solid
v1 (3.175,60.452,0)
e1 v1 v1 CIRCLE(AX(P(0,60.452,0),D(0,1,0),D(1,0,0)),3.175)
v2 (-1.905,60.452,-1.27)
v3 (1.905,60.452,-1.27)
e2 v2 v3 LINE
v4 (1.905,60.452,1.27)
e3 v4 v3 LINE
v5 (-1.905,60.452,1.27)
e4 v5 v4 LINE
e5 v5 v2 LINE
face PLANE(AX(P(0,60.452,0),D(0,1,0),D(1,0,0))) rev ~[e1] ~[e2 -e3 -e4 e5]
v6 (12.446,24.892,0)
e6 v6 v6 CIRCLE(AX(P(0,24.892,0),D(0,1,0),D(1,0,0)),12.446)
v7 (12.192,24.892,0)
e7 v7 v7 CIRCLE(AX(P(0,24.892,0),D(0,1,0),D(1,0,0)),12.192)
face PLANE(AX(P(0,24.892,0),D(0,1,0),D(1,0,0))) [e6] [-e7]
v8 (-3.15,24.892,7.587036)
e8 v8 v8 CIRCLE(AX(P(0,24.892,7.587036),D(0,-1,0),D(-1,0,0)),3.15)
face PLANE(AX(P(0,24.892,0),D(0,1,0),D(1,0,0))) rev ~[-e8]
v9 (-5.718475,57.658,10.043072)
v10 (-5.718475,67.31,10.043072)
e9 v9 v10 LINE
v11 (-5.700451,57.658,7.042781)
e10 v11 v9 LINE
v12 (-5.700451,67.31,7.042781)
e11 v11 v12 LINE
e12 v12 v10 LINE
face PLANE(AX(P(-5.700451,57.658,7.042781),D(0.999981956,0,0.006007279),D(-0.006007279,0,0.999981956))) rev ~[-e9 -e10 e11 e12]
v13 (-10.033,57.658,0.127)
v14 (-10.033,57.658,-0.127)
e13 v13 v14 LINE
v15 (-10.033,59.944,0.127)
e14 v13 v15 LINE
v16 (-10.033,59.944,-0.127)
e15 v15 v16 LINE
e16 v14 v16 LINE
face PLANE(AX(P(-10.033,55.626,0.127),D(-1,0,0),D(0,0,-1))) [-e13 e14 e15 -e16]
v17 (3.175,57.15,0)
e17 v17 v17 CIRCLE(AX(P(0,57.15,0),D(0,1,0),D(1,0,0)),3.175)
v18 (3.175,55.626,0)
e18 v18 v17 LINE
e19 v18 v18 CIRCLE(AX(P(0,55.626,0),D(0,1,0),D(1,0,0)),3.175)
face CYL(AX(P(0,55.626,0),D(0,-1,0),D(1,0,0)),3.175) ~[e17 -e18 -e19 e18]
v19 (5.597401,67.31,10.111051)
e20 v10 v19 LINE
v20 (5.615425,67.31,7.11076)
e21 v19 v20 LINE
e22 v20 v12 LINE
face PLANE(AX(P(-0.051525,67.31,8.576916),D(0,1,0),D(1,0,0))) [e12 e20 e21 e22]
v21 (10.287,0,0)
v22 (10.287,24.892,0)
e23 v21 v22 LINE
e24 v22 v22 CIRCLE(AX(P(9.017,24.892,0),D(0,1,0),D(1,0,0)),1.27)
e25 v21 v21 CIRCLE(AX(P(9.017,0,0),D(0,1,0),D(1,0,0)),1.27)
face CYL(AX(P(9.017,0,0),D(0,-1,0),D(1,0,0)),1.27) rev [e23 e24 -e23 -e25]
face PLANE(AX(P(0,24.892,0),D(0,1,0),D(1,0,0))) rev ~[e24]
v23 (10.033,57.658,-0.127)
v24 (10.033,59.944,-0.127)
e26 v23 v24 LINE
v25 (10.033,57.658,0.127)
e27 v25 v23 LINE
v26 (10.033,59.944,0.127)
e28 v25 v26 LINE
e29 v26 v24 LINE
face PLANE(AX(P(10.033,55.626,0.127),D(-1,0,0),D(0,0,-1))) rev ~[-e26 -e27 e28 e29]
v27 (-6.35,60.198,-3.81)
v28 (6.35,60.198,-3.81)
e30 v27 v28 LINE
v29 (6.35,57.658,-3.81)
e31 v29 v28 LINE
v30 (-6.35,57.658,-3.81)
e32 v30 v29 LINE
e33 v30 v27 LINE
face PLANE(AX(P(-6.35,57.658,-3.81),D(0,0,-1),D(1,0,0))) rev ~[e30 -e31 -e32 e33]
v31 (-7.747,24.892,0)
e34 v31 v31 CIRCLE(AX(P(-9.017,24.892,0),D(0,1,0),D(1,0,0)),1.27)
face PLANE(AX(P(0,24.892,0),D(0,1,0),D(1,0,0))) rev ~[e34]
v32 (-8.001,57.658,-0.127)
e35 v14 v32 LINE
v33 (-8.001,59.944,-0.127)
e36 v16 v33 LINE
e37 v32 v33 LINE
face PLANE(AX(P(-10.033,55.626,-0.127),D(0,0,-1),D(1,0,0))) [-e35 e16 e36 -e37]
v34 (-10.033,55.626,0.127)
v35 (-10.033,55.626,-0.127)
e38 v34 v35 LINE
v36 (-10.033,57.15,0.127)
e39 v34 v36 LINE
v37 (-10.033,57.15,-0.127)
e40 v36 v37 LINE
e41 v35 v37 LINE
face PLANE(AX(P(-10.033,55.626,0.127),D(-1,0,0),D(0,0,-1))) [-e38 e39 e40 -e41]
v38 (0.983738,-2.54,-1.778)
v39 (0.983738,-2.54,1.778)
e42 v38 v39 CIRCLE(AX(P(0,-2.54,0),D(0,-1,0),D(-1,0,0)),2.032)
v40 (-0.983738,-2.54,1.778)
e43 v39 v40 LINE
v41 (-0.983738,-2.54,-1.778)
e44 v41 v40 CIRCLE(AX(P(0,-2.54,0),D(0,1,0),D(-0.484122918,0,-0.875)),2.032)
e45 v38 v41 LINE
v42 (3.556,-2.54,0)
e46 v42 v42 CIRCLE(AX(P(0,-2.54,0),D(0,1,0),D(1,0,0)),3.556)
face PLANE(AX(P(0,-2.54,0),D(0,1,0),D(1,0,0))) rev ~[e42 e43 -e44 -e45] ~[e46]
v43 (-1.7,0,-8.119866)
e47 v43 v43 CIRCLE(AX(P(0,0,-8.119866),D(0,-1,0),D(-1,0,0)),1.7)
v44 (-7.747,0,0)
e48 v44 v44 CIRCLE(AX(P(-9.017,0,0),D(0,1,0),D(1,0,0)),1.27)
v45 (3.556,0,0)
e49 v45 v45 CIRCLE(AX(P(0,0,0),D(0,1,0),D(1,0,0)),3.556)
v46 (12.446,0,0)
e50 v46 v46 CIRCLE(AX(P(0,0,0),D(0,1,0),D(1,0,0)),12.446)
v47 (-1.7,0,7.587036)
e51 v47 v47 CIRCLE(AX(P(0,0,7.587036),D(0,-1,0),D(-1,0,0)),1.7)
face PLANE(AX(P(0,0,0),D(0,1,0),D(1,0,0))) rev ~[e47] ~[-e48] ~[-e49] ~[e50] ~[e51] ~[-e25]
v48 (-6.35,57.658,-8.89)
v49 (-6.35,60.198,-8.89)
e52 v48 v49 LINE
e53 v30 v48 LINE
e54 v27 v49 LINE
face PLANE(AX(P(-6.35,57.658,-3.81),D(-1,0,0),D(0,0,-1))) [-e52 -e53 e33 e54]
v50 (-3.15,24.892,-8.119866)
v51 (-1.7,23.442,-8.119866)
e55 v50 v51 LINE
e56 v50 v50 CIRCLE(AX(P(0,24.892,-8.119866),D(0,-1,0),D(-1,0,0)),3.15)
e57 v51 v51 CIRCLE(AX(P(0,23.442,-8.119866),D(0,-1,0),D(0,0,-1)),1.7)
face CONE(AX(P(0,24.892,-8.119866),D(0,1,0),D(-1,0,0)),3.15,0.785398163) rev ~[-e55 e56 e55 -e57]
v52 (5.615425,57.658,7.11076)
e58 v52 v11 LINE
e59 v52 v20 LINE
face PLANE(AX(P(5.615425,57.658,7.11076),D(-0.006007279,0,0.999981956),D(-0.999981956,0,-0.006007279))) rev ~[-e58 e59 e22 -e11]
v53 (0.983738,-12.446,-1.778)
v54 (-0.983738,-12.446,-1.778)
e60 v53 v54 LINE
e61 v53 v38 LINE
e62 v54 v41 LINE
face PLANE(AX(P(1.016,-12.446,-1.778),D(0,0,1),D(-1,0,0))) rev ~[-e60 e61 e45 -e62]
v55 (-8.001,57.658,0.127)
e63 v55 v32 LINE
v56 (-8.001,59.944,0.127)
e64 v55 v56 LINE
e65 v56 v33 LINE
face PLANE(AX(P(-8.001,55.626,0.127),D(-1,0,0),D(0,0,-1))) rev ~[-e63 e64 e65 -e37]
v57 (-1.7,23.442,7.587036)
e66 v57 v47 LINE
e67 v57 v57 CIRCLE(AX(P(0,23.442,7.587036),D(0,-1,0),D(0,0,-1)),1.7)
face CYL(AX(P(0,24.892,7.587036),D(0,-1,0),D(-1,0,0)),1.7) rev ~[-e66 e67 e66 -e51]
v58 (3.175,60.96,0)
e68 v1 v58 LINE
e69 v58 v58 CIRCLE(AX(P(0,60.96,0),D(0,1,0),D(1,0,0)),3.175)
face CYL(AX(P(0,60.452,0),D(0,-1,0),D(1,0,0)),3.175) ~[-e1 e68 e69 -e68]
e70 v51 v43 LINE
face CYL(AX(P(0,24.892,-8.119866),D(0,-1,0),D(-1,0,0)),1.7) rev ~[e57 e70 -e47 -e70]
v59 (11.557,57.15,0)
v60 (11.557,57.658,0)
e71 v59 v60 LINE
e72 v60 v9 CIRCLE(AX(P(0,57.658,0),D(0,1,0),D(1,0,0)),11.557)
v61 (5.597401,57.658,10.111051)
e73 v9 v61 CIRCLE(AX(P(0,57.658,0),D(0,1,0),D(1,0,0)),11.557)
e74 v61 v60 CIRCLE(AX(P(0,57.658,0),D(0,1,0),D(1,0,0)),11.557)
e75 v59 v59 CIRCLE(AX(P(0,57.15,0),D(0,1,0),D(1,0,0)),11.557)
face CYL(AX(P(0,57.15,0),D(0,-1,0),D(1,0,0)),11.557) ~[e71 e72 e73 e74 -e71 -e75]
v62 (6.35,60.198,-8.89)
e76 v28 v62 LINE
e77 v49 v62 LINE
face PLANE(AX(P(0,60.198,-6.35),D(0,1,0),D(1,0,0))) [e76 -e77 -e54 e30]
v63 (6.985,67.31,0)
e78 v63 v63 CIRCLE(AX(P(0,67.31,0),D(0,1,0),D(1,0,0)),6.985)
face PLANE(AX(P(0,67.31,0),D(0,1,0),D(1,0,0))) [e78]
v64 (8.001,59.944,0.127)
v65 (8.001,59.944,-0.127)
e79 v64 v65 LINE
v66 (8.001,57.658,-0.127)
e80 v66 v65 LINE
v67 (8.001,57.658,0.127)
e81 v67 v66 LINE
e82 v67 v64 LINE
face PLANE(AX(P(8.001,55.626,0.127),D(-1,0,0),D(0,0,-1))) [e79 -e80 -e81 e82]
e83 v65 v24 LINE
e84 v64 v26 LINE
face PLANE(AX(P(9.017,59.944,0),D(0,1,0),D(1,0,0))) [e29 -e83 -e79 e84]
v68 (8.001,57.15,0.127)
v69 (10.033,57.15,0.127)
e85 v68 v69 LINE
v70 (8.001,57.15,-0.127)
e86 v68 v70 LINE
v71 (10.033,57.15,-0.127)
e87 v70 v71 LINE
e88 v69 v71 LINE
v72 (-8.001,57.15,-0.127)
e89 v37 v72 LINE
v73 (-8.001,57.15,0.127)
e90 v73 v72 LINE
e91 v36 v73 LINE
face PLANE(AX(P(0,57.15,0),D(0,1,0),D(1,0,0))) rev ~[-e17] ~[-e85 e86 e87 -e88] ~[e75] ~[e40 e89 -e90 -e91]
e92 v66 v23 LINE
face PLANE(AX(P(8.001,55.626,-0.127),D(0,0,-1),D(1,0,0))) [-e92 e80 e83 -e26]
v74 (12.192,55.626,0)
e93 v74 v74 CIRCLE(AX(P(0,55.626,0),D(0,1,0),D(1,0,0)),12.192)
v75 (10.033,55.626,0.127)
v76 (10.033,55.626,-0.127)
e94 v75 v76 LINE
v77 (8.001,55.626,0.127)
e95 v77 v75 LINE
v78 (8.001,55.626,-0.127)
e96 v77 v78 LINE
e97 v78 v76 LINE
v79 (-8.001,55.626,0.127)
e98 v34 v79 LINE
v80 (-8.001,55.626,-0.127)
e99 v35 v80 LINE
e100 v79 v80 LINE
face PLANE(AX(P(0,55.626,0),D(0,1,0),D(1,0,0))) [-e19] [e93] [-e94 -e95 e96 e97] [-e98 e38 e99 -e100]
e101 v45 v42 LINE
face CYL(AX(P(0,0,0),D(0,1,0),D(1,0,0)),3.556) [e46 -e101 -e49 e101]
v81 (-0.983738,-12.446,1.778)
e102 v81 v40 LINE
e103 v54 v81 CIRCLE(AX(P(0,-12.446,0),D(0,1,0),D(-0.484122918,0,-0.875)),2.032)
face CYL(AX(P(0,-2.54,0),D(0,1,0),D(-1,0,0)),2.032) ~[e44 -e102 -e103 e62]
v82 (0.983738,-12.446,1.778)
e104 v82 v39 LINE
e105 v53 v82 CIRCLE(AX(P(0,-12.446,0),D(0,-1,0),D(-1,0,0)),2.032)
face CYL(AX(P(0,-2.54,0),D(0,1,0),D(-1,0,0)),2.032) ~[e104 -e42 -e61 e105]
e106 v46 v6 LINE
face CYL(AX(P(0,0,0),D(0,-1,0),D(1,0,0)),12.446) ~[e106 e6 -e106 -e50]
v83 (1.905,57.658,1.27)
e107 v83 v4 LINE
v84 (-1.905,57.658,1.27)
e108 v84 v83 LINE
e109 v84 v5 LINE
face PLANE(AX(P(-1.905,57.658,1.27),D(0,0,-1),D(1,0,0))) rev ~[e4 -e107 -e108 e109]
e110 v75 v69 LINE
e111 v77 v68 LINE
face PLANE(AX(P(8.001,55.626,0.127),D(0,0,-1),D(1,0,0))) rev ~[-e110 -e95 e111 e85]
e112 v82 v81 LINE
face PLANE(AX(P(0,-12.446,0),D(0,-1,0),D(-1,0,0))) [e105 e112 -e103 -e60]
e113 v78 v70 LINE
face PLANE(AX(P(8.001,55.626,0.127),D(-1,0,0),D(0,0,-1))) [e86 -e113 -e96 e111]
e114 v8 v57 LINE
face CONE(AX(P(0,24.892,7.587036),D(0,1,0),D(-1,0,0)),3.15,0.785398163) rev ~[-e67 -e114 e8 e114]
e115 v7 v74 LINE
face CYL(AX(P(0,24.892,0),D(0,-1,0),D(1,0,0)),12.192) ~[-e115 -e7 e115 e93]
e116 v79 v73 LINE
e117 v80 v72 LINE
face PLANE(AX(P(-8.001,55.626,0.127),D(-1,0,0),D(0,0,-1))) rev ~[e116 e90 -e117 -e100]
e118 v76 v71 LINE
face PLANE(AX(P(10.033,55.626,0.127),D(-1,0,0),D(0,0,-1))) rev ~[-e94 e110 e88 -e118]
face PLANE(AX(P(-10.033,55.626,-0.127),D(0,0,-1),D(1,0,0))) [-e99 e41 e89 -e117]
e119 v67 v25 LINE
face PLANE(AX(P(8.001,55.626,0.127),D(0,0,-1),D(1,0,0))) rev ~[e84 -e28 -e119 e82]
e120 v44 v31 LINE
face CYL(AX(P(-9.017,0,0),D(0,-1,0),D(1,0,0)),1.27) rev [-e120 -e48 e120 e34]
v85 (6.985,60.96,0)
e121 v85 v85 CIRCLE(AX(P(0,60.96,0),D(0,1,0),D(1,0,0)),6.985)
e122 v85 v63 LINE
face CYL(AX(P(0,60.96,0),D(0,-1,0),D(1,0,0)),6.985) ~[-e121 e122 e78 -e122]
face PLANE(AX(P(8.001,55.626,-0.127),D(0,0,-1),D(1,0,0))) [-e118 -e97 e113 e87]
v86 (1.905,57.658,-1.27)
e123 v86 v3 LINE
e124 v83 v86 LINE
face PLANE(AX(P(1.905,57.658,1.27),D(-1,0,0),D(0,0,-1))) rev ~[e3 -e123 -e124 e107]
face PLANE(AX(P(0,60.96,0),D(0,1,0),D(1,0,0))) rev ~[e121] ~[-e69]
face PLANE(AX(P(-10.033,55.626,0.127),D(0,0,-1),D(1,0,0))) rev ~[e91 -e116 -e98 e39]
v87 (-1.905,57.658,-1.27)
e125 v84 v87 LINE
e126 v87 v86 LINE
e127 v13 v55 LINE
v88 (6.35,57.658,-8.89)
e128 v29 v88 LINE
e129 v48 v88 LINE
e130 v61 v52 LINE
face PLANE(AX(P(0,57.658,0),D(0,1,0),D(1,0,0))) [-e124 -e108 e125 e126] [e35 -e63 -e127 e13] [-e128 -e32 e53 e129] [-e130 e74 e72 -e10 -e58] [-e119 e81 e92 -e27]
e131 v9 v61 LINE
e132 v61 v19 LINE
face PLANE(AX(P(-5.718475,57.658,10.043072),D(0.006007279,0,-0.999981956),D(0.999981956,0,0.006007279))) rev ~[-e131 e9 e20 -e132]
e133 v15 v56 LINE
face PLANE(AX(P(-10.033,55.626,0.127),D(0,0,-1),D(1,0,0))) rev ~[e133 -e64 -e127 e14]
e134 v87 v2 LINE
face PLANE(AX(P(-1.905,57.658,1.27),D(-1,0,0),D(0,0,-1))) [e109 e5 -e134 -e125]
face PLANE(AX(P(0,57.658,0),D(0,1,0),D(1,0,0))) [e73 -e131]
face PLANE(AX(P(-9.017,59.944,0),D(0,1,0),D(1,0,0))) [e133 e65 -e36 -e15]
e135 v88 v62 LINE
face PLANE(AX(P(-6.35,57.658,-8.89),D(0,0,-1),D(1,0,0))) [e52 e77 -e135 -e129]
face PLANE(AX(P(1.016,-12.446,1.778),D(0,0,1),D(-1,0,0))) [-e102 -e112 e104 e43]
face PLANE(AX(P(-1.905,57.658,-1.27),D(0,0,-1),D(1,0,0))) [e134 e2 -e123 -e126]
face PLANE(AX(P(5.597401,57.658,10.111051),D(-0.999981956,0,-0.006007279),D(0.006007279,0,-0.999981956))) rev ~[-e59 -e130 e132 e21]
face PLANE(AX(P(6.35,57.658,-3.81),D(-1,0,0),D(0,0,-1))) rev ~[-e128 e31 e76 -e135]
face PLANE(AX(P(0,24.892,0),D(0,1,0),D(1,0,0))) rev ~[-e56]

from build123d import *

# Parameters (mm, degrees)
SKETCH1_R                                       = 12.446
SKETCH1_R_2                                     = 1.27
BOSS_EXTRUDE1_DEPTH                             = 24.892
CSK_FOR_M3_FLAT_HEAD_MACHINE_SCREW1_D           = 3.4
CSK_FOR_M3_FLAT_HEAD_MACHINE_SCREW1_CSINK_D     = 6.3
CSK_FOR_M3_FLAT_HEAD_MACHINE_SCREW1_CSINK_ANGLE = 90
SKETCH5_R                                       = 12.192
BOSS_EXTRUDE2_DEPTH                             = 30.734
SKETCH6_R                                       = 3.556
BOSS_EXTRUDE3_DEPTH                             = 2.54
SKETCH7_R                                       = 2.032
BOSS_EXTRUDE4_DEPTH                             = 9.906
SKETCH8_W                                       = 2.032
SKETCH8_H                                       = 0.254
CUT_EXTRUDE2_DEPTH                              = 9.906
SKETCH9_R                                       = 3.175
BOSS_EXTRUDE5_DEPTH                             = 1.524
SKETCH10_W                                      = 2.032
SKETCH10_H                                      = 0.254
BOSS_EXTRUDE6_DEPTH                             = 4.318
SKETCH11_R                                      = 11.557
SKETCH11_W                                      = 2.032
SKETCH11_H                                      = 0.254
BOSS_EXTRUDE7_DEPTH                             = 0.508
SKETCH12_W                                      = 12.7
SKETCH12_H                                      = 5.08
BOSS_EXTRUDE8_DEPTH                             = 2.54
SKETCH13_W                                      = 3.81
SKETCH13_H                                      = 2.54
BOSS_EXTRUDE9_DEPTH                             = 2.794
BOSS_EXTRUDE10_DEPTH                            = 9.652
SKETCH15_R                                      = 3.175
BOSS_EXTRUDE11_DEPTH                            = 0.508
SKETCH16_R                                      = 6.985
BOSS_EXTRUDE12_DEPTH                            = 6.35


with BuildPart() as part:
    # Sketch1 → Boss-Extrude1 (new body)
    with BuildSketch(Plane(origin=(0, 0, 0), x_dir=(1, 0, 0), z_dir=(0, 1, 0))):
        Circle(SKETCH1_R)
        with Locations((-9.017, 0)):
            Circle(SKETCH1_R_2, mode=Mode.SUBTRACT)
        with Locations((9.017, 0)):
            Circle(SKETCH1_R_2, mode=Mode.SUBTRACT)
    extrude(amount=BOSS_EXTRUDE1_DEPTH)

    # CSK for M3 Flat Head Machine Screw1 (through all)
    with Locations(Plane(origin=(0, 24.892, 0), x_dir=(1, 0, 0), z_dir=(0, 1, 0))):
        with Locations((0, 8.119865968), (0, -7.587036194)):
            CounterSinkHole(CSK_FOR_M3_FLAT_HEAD_MACHINE_SCREW1_D / 2, CSK_FOR_M3_FLAT_HEAD_MACHINE_SCREW1_CSINK_D / 2, counter_sink_angle=CSK_FOR_M3_FLAT_HEAD_MACHINE_SCREW1_CSINK_ANGLE)

    # Sketch5 → Boss-Extrude2 (add)
    with BuildSketch(Plane(origin=(0, 24.892, 0), x_dir=(1, 0, 0), z_dir=(0, 1, 0))):
        Circle(SKETCH5_R)
    extrude(amount=BOSS_EXTRUDE2_DEPTH)

    # Sketch6 → Boss-Extrude3 (add)
    with BuildSketch(Plane(origin=(0, 0, 0), x_dir=(1, 0, 0), z_dir=(0, 1, 0))):
        Circle(SKETCH6_R)
    extrude(amount=-BOSS_EXTRUDE3_DEPTH)

    # Sketch7 → Boss-Extrude4 (add)
    with BuildSketch(Plane(origin=(0, -2.54, 0), x_dir=(-1, 0, 0), z_dir=(0, -1, 0))):
        Circle(SKETCH7_R)
    extrude(amount=BOSS_EXTRUDE4_DEPTH)

    # Sketch8 → Cut-Extrude2 (cut)
    with BuildSketch(Plane(origin=(0, -12.446, 0), x_dir=(-1, 0, 0), z_dir=(0, -1, 0))):
        with Locations((0, -1.905)):
            Rectangle(SKETCH8_W, SKETCH8_H)
        with Locations((0, 1.905)):
            Rectangle(SKETCH8_W, SKETCH8_H)
    extrude(amount=-CUT_EXTRUDE2_DEPTH, mode=Mode.SUBTRACT)

    # Sketch9 → Boss-Extrude5 (add)
    with BuildSketch(Plane(origin=(0, 55.626, 0), x_dir=(1, 0, 0), z_dir=(0, 1, 0))):
        Circle(SKETCH9_R)
    extrude(amount=BOSS_EXTRUDE5_DEPTH)

    # Sketch10 → Boss-Extrude6 (add)
    with BuildSketch(Plane(origin=(0, 55.626, 0), x_dir=(1, 0, 0), z_dir=(0, 1, 0))):
        with Locations((-9.017, 0)):
            Rectangle(SKETCH10_W, SKETCH10_H)
        with Locations((9.017, 0)):
            Rectangle(SKETCH10_W, SKETCH10_H)
    extrude(amount=BOSS_EXTRUDE6_DEPTH)

    # Sketch11 → Boss-Extrude7 (add)
    with BuildSketch(Plane(origin=(0, 57.15, 0), x_dir=(1, 0, 0), z_dir=(0, 1, 0))):
        Circle(SKETCH11_R)
        with Locations((-9.017, 0)):
            Rectangle(SKETCH11_W, SKETCH11_H, mode=Mode.SUBTRACT)
        with Locations((9.017, 0)):
            Rectangle(SKETCH11_W, SKETCH11_H, mode=Mode.SUBTRACT)
    extrude(amount=BOSS_EXTRUDE7_DEPTH)

    # Sketch12 → Boss-Extrude8 (add)
    with BuildSketch(Plane(origin=(0, 57.658, 0), x_dir=(1, 0, 0), z_dir=(0, 1, 0))):
        with Locations((0, 6.35)):
            Rectangle(SKETCH12_W, SKETCH12_H)
    extrude(amount=BOSS_EXTRUDE8_DEPTH)

    # Sketch13 → Boss-Extrude9 (add)
    with BuildSketch(Plane(origin=(0, 57.658, 0), x_dir=(1, 0, 0), z_dir=(0, 1, 0))):
        Rectangle(SKETCH13_W, SKETCH13_H)
    extrude(amount=BOSS_EXTRUDE9_DEPTH)

    # Sketch14 → Boss-Extrude10 (add)
    with BuildSketch(Plane(origin=(0, 57.658, 0), x_dir=(1, 0, 0), z_dir=(0, 1, 0))):
        Polygon((-5.718475067, -10.043071836), (5.597401443, -10.111050692), (5.615425354, -7.110759652), (-5.700451156, -7.042780797), align=None)
    extrude(amount=BOSS_EXTRUDE10_DEPTH)

    # Sketch15 → Boss-Extrude11 (add)
    with BuildSketch(Plane(origin=(0, 60.452, 0), x_dir=(1, 0, 0), z_dir=(0, 1, 0))):
        Circle(SKETCH15_R)
    extrude(amount=BOSS_EXTRUDE11_DEPTH)

    # Sketch16 → Boss-Extrude12 (add)
    with BuildSketch(Plane(origin=(0, 60.96, 0), x_dir=(1, 0, 0), z_dir=(0, 1, 0))):
        Circle(SKETCH16_R)
    extrude(amount=BOSS_EXTRUDE12_DEPTH)


solid = part.part
